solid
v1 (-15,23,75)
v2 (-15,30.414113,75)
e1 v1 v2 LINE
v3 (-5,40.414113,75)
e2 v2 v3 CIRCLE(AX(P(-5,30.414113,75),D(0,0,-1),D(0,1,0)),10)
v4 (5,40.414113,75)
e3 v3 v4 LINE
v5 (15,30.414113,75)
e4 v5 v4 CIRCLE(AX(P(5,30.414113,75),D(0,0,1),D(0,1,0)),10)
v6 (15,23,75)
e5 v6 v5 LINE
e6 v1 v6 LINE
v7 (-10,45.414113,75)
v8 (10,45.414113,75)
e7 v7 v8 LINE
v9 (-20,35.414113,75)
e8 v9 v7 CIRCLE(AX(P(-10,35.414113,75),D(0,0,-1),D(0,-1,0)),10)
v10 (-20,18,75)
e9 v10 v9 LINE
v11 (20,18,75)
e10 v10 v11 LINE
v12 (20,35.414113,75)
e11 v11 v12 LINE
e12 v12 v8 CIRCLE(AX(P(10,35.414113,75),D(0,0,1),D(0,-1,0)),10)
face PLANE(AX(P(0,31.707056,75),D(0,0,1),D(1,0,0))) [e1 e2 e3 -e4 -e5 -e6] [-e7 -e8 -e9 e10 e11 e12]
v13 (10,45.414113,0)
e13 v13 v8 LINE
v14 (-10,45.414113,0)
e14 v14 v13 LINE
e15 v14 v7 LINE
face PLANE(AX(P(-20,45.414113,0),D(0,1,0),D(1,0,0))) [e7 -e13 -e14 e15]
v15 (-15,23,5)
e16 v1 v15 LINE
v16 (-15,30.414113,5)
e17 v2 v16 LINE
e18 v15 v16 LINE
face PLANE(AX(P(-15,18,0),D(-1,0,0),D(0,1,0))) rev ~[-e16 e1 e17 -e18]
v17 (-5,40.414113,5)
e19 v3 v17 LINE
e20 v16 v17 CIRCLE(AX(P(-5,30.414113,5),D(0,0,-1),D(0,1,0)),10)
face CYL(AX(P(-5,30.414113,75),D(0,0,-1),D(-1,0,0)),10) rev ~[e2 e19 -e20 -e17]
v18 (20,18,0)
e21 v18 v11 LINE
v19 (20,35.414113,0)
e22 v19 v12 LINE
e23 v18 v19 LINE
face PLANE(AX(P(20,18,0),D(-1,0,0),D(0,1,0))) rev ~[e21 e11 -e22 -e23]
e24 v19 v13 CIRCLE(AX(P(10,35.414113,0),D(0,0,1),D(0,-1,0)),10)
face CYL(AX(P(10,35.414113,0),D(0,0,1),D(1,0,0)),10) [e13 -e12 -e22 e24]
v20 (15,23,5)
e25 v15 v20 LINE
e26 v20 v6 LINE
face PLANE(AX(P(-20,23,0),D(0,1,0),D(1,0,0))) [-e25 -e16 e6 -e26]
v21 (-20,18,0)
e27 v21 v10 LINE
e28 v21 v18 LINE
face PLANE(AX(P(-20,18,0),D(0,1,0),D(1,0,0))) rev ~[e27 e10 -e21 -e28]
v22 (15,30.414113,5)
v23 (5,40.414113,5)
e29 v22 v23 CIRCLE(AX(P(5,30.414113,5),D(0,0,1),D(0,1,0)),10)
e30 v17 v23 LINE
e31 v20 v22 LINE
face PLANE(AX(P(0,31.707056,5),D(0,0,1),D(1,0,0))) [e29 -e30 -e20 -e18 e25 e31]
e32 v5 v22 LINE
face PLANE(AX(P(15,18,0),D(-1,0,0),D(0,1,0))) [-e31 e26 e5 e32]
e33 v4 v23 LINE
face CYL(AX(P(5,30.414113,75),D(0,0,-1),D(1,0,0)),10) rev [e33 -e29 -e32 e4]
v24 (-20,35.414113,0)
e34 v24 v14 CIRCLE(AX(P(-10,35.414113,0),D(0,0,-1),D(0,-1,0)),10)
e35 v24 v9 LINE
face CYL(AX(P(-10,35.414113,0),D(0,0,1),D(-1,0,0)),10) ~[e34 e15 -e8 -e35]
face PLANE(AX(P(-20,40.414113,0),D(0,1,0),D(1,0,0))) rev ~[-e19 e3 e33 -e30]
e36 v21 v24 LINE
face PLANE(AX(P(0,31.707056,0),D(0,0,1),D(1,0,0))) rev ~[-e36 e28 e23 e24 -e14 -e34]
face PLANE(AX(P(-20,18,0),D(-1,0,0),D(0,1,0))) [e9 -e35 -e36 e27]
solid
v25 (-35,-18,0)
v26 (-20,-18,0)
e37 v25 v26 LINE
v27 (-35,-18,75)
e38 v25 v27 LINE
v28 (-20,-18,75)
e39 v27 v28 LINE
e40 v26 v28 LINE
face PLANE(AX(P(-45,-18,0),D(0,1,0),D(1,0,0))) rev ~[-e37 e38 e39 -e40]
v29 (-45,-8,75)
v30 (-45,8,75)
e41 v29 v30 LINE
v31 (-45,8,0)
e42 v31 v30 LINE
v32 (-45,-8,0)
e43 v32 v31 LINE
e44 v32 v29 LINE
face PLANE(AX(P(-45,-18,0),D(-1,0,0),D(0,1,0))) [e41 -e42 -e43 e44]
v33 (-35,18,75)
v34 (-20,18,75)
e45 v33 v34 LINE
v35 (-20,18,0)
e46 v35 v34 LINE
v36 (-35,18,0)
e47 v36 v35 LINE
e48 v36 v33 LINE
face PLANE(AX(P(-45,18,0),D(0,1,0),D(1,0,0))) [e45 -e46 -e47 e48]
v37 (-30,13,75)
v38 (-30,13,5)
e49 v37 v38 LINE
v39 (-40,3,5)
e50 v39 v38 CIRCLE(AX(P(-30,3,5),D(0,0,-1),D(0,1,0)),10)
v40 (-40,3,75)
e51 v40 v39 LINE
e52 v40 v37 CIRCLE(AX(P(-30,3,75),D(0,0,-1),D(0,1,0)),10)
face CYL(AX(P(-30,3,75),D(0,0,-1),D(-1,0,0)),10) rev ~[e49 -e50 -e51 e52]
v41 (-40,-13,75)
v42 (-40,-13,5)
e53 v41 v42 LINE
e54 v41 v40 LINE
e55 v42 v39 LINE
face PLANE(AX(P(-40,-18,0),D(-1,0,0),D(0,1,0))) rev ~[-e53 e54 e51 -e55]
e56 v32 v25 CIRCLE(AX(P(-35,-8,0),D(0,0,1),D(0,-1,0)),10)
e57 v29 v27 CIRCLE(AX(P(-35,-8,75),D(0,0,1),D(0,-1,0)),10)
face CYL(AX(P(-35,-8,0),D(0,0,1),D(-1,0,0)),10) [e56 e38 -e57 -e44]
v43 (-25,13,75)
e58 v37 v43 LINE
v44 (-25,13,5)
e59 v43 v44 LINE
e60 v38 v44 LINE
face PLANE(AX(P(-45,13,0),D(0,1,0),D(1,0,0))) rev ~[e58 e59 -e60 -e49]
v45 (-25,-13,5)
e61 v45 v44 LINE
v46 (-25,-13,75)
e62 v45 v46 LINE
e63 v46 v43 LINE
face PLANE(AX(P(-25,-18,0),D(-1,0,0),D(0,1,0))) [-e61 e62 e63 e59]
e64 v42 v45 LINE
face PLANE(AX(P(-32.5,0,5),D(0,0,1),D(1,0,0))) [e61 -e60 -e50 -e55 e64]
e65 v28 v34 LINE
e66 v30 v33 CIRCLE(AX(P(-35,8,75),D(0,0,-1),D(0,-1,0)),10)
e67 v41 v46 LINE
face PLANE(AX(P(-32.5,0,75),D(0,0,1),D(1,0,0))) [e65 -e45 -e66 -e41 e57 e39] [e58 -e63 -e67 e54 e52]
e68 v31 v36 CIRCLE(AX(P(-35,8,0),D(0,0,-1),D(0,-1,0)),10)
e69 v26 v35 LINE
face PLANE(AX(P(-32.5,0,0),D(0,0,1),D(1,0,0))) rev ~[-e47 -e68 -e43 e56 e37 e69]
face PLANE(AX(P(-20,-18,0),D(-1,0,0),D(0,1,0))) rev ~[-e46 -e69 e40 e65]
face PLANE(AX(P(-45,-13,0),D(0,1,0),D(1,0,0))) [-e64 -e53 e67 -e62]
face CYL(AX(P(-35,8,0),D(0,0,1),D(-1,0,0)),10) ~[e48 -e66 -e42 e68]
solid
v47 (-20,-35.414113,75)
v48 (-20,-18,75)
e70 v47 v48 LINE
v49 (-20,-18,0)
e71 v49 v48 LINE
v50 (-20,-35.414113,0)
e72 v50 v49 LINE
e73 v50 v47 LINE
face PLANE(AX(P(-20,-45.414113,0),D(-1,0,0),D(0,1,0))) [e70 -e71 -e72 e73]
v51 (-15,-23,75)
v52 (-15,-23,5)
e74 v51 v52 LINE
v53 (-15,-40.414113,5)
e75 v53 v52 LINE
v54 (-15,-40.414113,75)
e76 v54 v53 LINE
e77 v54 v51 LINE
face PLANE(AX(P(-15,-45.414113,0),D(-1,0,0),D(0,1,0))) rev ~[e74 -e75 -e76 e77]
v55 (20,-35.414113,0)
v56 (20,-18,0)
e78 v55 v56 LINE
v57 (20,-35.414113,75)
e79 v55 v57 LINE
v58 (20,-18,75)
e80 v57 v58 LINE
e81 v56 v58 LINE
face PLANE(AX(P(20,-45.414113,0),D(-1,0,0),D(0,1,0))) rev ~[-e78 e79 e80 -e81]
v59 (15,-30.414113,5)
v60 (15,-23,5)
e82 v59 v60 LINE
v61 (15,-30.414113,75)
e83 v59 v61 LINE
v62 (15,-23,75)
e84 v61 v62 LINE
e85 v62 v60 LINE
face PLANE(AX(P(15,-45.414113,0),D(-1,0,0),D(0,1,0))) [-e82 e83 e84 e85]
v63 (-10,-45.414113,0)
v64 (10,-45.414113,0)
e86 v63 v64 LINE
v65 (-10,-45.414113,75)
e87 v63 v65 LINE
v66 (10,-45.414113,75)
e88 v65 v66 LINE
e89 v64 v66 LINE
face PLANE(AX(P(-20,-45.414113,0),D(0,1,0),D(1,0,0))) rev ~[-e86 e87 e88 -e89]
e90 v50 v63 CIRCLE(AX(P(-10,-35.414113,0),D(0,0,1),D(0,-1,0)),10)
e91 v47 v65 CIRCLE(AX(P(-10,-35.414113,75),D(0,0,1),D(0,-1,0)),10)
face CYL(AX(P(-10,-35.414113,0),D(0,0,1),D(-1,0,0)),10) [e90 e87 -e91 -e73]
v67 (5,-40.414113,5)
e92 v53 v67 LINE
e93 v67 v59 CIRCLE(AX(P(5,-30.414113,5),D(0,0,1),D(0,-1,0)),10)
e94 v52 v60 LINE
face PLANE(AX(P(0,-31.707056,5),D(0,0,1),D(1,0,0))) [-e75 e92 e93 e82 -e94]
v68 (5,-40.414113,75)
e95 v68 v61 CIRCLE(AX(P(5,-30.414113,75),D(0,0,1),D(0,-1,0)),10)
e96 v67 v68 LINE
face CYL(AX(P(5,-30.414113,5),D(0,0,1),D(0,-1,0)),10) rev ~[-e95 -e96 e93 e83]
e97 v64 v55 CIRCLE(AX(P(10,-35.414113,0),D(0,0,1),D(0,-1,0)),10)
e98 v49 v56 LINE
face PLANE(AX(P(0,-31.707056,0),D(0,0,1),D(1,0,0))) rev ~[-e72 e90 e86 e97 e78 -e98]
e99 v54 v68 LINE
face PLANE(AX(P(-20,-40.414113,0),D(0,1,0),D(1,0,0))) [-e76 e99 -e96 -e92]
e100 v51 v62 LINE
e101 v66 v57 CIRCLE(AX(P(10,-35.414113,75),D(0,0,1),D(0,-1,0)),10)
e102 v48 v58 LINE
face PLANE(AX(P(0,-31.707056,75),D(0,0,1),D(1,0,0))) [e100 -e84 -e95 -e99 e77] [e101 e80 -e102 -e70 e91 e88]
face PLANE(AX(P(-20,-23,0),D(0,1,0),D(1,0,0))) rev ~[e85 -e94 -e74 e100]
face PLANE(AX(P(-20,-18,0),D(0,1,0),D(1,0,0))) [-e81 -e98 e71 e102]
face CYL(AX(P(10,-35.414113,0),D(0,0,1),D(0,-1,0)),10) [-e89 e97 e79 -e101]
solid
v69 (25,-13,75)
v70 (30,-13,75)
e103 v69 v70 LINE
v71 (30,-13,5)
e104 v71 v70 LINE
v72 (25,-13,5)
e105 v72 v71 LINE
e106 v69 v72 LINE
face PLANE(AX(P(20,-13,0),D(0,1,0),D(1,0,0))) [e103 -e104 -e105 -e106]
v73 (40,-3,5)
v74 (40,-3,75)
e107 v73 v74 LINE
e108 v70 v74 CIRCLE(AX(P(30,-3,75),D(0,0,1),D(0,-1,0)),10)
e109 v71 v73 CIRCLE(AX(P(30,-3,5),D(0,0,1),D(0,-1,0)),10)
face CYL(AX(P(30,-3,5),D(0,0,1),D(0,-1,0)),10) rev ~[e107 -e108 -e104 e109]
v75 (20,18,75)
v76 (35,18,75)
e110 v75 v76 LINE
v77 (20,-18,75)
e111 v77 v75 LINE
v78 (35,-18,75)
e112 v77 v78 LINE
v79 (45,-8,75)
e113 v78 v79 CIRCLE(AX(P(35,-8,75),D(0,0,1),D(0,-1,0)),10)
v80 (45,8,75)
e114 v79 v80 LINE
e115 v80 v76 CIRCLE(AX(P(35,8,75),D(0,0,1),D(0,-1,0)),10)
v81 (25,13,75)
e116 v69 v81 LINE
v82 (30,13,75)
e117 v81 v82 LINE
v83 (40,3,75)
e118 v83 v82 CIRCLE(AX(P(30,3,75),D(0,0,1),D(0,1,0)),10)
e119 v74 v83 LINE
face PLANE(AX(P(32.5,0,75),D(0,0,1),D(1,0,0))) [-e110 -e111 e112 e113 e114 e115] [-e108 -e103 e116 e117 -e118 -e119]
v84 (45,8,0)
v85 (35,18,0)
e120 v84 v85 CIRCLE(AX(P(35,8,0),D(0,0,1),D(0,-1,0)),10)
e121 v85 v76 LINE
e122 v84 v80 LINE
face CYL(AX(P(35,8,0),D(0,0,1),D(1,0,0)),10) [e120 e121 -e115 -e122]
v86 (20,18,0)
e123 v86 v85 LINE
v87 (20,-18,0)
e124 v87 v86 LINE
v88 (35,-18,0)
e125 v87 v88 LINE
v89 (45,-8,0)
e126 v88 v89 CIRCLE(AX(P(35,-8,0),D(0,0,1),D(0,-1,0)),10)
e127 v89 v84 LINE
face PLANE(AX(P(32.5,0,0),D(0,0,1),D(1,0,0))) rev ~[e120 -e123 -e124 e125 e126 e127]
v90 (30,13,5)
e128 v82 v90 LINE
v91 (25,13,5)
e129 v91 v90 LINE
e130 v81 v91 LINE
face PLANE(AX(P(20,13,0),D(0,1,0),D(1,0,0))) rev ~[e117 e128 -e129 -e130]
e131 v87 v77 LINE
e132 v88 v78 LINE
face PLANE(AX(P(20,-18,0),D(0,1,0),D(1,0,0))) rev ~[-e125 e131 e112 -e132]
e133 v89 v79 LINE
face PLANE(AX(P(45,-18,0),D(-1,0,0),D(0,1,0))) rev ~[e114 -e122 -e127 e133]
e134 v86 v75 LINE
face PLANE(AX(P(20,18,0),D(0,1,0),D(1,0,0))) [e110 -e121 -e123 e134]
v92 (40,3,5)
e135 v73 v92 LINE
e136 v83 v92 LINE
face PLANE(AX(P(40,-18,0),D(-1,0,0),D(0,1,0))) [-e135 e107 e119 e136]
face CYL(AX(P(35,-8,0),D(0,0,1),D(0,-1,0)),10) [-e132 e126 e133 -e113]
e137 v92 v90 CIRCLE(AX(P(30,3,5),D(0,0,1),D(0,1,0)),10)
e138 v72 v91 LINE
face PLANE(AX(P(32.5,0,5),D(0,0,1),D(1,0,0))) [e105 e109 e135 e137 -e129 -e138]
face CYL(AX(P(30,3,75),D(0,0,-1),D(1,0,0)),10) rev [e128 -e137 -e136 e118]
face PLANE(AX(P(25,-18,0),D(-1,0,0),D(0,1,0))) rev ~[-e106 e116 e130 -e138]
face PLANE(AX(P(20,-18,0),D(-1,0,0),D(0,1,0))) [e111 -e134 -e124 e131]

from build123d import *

# Parameters (mm, degrees)
F0_W     = 40
F0_H     = 27.4141125083
F1_DEPTH = 75
F0_W_2   = 25
F0_H_2   = 36
F2_T     = -5
F2_2_T   = -5
F2_3_T   = -5
F2_4_T   = -5
F3_R     = 10
F3_2_R   = 10
F3_3_R   = 10
F3_4_R   = 10


with BuildPart() as f1:
    # F0 (on Top) → F1 (new body)
    with BuildSketch(Plane.XY):
        with Locations((0, 31.7070562541)):
            Rectangle(F0_W, F0_H)
    extrude(amount=F1_DEPTH)

    # F2#3
    f2_3_openings = [f1.faces().sort_by_distance(p)[0] for p in [
        (0, 31.707056, 75),
    ]]
    offset(amount=F2_3_T, openings=f2_3_openings)

    # F3#2
    f3_2_edges = [f1.edges().sort_by_distance(p)[0] for p in [
        (20, 45.414113, 37.5),
        (-20, 45.414113, 37.5),
        (15, 40.414113, 40),
        (-15, 40.414113, 40),
    ]]
    fillet(f3_2_edges, radius=F3_2_R)


with BuildPart() as f1b:
    # F0 (on Top) → F1, piece 2 (new body)
    with BuildSketch(Plane.XY):
        with Locations((32.5, 0)):
            Rectangle(F0_W_2, F0_H_2)
    extrude(amount=F1_DEPTH)

    # F2#2
    f2_2_openings = [f1b.faces().sort_by_distance(p)[0] for p in [
        (32.5, 0, 75),
    ]]
    offset(amount=F2_2_T, openings=f2_2_openings)

    # F3
    f3_edges = [f1b.edges().sort_by_distance(p)[0] for p in [
        (45, 18, 37.5),
        (45, -18, 37.5),
        (40, -13, 40),
        (40, 13, 40),
    ]]
    fillet(f3_edges, radius=F3_R)


with BuildPart() as f1c:
    # F0 (on Top) → F1, piece 3 (new body)
    with BuildSketch(Plane.XY):
        with Locations((-32.5, 0)):
            Rectangle(F0_W_2, F0_H_2)
    extrude(amount=F1_DEPTH)

    # F2#4
    f2_4_openings = [f1c.faces().sort_by_distance(p)[0] for p in [
        (-32.5, 0, 75),
    ]]
    offset(amount=F2_4_T, openings=f2_4_openings)

    # F3#3
    f3_3_edges = [f1c.edges().sort_by_distance(p)[0] for p in [
        (-45, 18, 37.5),
        (-45, -18, 37.5),
        (-40, 13, 40),
    ]]
    fillet(f3_3_edges, radius=F3_3_R)


with BuildPart() as f1d:
    # F0 (on Top) → F1, piece 4 (new body)
    with BuildSketch(Plane.XY):
        with Locations((0, -31.7070562541)):
            Rectangle(F0_W, F0_H)
    extrude(amount=F1_DEPTH)

    # F2
    f2_openings = [f1d.faces().sort_by_distance(p)[0] for p in [
        (0, -31.707056, 75),
    ]]
    offset(amount=F2_T, openings=f2_openings)

    # F3#4
    f3_4_edges = [f1d.edges().sort_by_distance(p)[0] for p in [
        (20, -45.414113, 37.5),
        (-20, -45.414113, 37.5),
        (15, -40.414113, 40),
    ]]
    fillet(f3_4_edges, radius=F3_4_R)


solid = Compound([f1.part, f1b.part, f1c.part, f1d.part])
